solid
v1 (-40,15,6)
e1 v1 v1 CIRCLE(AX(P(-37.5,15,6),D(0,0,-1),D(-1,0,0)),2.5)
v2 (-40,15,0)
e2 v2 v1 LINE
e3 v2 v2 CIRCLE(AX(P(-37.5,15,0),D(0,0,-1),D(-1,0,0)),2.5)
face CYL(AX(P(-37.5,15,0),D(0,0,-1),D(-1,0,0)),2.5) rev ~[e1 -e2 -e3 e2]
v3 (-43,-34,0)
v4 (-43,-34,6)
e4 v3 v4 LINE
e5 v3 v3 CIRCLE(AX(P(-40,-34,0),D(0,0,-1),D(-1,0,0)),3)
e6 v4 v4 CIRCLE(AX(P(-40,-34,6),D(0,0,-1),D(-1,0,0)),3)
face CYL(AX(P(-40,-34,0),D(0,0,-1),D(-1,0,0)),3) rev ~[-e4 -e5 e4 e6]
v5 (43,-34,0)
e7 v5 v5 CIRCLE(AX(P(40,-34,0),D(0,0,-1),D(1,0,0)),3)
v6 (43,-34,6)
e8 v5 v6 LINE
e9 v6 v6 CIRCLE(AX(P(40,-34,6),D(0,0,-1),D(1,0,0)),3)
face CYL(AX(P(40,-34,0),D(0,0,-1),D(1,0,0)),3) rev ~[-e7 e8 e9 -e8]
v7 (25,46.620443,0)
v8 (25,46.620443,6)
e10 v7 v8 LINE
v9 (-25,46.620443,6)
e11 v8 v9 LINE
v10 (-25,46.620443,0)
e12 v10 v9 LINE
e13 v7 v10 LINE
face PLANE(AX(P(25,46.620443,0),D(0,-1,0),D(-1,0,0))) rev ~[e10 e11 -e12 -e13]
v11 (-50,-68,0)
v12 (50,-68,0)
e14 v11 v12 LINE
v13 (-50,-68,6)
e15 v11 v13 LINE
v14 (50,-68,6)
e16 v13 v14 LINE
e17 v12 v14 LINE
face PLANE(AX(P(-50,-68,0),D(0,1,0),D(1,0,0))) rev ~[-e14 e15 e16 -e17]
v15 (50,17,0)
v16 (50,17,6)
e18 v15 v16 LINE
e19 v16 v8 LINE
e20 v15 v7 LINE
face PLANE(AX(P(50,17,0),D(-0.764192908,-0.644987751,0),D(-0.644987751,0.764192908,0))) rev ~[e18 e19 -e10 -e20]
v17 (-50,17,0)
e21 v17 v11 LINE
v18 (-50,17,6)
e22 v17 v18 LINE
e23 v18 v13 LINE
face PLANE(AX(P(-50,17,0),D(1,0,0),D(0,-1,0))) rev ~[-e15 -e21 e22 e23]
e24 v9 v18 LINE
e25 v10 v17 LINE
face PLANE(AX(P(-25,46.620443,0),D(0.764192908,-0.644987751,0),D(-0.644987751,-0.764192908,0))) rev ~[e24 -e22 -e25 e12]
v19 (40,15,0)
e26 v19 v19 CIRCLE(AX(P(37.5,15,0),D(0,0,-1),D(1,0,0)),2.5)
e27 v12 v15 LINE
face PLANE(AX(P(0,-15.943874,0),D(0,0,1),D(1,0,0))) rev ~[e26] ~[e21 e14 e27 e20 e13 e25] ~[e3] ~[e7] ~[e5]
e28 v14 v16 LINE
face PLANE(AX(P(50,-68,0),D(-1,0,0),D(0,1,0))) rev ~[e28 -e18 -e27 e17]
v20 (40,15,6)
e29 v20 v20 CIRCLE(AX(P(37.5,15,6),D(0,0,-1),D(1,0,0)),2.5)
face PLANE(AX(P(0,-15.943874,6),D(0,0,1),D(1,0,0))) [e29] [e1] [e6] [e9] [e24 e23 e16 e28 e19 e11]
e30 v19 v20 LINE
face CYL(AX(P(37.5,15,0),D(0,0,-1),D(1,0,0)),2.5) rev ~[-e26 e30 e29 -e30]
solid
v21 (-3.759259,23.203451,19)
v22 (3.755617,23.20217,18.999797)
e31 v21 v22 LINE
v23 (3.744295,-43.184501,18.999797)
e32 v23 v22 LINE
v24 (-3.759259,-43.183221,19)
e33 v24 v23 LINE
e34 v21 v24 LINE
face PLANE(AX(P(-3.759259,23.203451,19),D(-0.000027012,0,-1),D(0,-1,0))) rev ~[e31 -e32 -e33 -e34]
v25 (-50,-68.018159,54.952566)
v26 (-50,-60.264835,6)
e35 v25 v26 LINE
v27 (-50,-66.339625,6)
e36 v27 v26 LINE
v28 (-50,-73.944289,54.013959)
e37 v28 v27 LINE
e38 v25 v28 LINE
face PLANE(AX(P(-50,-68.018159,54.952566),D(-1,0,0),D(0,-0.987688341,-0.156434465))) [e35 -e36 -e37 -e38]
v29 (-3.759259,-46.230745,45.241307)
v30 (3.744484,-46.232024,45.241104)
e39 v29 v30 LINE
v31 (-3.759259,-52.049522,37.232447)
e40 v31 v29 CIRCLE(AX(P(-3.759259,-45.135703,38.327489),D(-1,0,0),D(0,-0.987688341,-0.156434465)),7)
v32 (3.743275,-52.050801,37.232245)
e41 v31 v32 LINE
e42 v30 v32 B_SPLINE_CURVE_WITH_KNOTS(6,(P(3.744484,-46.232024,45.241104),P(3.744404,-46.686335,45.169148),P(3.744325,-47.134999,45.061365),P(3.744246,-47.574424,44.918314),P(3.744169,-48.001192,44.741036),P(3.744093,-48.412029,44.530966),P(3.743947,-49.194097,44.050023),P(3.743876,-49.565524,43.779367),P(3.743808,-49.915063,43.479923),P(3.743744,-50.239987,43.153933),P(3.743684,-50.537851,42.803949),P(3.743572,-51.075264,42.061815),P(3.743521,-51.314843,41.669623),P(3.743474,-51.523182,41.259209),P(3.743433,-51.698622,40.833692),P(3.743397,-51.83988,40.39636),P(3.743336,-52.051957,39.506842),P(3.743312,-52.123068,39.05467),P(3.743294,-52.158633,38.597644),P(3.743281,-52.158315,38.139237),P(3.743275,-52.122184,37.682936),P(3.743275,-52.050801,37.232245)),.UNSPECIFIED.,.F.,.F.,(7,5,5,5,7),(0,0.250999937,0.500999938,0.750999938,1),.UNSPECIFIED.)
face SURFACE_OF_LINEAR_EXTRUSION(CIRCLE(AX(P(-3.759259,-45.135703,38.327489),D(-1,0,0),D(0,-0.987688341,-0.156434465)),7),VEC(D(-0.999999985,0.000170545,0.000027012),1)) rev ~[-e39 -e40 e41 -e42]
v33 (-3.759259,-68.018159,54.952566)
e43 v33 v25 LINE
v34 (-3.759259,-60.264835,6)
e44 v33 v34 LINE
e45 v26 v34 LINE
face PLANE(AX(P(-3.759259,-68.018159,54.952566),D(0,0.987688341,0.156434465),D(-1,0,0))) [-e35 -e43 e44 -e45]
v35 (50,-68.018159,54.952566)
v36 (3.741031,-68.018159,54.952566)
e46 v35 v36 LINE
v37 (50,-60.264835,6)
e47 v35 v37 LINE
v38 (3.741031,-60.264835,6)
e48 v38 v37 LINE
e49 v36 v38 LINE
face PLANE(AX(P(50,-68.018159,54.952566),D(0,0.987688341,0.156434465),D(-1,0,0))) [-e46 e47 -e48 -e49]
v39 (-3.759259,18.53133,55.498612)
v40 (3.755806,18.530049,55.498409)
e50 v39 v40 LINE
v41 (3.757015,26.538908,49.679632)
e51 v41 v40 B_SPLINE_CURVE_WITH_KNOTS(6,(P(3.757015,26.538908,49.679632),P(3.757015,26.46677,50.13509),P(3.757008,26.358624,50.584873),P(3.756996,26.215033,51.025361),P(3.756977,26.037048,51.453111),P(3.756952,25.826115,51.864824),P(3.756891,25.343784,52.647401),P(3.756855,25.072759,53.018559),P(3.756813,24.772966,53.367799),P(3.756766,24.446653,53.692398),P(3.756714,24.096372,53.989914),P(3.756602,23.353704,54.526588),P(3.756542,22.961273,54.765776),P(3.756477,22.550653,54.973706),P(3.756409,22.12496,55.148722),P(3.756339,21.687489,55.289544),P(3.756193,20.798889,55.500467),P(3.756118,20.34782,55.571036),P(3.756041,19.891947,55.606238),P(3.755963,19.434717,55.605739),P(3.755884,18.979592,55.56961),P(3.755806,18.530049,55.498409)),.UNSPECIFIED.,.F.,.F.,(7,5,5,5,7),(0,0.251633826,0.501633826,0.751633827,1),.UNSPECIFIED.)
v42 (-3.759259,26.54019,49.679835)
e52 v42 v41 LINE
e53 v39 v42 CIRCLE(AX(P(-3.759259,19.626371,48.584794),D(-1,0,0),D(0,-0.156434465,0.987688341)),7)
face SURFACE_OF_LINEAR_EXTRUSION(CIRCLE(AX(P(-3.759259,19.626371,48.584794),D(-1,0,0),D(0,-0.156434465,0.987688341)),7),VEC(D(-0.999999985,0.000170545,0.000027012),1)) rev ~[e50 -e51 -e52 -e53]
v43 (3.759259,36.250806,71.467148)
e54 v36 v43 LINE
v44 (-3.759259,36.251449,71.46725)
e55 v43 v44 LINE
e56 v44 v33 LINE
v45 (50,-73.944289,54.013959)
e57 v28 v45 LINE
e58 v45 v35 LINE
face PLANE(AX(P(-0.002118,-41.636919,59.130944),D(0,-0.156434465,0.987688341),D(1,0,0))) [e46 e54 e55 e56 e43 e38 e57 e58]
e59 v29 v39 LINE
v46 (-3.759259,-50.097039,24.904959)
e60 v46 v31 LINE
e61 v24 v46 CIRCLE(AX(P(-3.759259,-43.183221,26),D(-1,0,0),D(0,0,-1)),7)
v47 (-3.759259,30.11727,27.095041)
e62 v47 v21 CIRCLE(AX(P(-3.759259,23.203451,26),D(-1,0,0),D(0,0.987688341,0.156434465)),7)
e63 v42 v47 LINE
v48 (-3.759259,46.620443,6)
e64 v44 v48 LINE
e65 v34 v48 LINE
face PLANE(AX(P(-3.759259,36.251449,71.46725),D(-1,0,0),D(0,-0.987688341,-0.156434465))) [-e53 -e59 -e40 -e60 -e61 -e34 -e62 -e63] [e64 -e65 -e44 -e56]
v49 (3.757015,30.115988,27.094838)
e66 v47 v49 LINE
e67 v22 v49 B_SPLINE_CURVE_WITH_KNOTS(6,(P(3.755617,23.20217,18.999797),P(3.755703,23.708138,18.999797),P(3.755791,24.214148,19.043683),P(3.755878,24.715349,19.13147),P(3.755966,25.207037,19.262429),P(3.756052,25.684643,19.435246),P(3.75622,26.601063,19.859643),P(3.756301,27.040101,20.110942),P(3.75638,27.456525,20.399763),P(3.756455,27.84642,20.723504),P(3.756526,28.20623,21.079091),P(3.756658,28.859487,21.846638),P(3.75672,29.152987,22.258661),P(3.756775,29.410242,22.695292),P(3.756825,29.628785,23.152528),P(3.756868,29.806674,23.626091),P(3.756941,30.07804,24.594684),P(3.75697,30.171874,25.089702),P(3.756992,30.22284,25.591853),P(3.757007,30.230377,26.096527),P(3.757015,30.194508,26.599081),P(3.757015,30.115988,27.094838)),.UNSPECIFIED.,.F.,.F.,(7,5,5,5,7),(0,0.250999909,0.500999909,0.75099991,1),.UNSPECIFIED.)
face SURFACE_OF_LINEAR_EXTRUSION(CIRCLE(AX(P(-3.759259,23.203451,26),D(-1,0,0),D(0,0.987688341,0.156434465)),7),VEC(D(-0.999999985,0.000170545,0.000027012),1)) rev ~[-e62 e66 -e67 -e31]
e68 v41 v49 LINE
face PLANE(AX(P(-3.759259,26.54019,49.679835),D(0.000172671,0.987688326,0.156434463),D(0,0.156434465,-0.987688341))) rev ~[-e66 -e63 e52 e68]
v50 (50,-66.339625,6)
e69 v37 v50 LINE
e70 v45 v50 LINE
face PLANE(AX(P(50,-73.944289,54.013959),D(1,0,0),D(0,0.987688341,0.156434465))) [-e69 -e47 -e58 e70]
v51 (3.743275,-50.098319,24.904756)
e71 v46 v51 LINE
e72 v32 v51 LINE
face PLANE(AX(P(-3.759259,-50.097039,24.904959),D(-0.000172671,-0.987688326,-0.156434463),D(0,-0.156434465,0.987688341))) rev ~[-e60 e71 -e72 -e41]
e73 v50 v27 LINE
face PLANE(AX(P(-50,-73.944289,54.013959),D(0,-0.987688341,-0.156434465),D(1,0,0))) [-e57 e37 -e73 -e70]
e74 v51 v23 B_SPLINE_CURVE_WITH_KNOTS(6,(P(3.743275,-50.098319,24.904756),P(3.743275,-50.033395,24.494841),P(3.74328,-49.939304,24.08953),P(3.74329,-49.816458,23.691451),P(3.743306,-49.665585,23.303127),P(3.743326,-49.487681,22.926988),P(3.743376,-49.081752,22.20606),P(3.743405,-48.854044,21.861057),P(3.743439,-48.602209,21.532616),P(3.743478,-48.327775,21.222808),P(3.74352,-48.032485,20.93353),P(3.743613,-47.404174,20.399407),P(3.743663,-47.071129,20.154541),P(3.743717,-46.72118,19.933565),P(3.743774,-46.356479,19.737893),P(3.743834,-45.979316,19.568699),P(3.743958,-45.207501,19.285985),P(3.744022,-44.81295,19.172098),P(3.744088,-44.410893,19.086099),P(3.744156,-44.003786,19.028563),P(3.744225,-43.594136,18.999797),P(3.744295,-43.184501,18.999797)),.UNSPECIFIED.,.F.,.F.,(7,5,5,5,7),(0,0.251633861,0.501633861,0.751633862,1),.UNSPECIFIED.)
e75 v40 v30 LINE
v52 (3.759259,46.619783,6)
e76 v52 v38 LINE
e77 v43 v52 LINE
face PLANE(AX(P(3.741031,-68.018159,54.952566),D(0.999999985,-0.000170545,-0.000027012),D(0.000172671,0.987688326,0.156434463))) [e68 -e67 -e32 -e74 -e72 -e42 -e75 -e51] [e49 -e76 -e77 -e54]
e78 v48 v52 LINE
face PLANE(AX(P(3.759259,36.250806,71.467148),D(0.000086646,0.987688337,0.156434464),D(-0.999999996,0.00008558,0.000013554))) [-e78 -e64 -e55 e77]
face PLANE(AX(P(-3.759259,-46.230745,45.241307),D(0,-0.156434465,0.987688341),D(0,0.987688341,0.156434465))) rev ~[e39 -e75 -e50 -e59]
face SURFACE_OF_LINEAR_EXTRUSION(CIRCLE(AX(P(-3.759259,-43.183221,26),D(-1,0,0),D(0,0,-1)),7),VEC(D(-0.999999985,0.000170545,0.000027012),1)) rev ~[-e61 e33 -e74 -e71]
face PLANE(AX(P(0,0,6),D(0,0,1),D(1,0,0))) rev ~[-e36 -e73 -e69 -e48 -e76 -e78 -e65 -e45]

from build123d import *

# Parameters (mm, degrees)
BOSS_EXTRUDE1_DEPTH = 6
BOSS_EXTRUDE3_REACH = 101.785
CUT_EXTRUDE1_DEPTH  = 7.516274167
SKETCH4_R           = 2.5
SKETCH4_R_2         = 3
CUT_EXTRUDE2_DEPTH  = 10


with BuildPart() as part:
    # Sketch1 → Boss-Extrude1 (new body)
    with BuildSketch(Plane.XY):
        Polygon((-50, -68), (50, -68), (50, 17), (25, 46.620442646), (-25, 46.620442646), (-50, 17), align=None)
    extrude(amount=BOSS_EXTRUDE1_DEPTH)

    # Sketch4 → Cut-Extrude2 (cut)
    with BuildSketch(Plane(origin=(0, 0, 0), x_dir=(-1, 0, 0), z_dir=(0, 0, -1))):
        with Locations((37.5, 15)):
            Circle(SKETCH4_R)
        with Locations((40, -34)):
            Circle(SKETCH4_R_2)
        with Locations(Location((-37.5, 15, 0), (0, 0, 180))):
            Circle(SKETCH4_R)
        with Locations(Location((-40, -34, 0), (0, 0, 180))):
            Circle(SKETCH4_R_2)
    extrude(amount=-CUT_EXTRUDE2_DEPTH, mode=Mode.SUBTRACT)


with BuildPart() as body_2:
    # Boss-Extrude3: up to this plane
    boss_extrude3_end = Plane(origin=(0, 0, 6), z_dir=(0, 0, 1))
    # Sketch2 → Boss-Extrude3 (new, up to the surface)
    with BuildSketch(Plane(origin=(0, -10.155161239, 64.117164656), x_dir=(-1, 0, 0), z_dir=(0, 0.15643446504022426, -0.9876883405951389)), mode=Mode.PRIVATE) as boss_extrude3_sk1:
        Polygon((50, -64.584267711), (-50, -64.584267711), (-50, -58.584267711), (-3.741030689, -58.584267711), (-3.759259362, 46.984422973), (3.759259418, 46.985074426), (3.759259418, -58.584267711), (50, -58.584267711), align=None)
    boss_extrude3_tool1 = split(extrude(boss_extrude3_sk1.sketch, amount=BOSS_EXTRUDE3_REACH, mode=Mode.PRIVATE), bisect_by=boss_extrude3_end, keep=Keep.BOTH, mode=Mode.PRIVATE)
    add(boss_extrude3_tool1.solids().sort_by_distance((-0.002595, -39.607556, 59.452364))[0])

    # Sketch3 → Cut-Extrude1 (cut, along a direction that is not the sketch's normal)
    with BuildSketch(Plane.ZY.offset(3.759259418)):
        with BuildLine():
            Line((49.679834781, 26.540189826), (27.095041255, 30.117269708))
            ThreePointArc((27.095041255, 30.117269708), (21.453863662, 28.526293083), (19, 23.203451324))
            Line((19, 23.203451324), (19, -43.18322091))
            ThreePointArc((19, -43.18322091), (20.677158241, -47.729357249), (24.904958745, -50.097039294))
            Line((24.904958745, -50.097039294), (37.23244731, -52.049521672))
            ThreePointArc((37.23244731, -52.049521672), (42.441985332, -50.798822248), (45.24130695, -46.230744543))
            Line((45.24130695, -46.230744543), (55.49861191, 18.531330187))
            ThreePointArc((55.49861191, 18.531330187), (54.247912486, 23.740868208), (49.679834781, 26.540189826))
        make_face()
    extrude(amount=-CUT_EXTRUDE1_DEPTH, dir=(-0.9999999850923287, 0.00017054532892280964, 2.701172647133097e-05), mode=Mode.SUBTRACT)


solid = Compound([part.part, body_2.part])
